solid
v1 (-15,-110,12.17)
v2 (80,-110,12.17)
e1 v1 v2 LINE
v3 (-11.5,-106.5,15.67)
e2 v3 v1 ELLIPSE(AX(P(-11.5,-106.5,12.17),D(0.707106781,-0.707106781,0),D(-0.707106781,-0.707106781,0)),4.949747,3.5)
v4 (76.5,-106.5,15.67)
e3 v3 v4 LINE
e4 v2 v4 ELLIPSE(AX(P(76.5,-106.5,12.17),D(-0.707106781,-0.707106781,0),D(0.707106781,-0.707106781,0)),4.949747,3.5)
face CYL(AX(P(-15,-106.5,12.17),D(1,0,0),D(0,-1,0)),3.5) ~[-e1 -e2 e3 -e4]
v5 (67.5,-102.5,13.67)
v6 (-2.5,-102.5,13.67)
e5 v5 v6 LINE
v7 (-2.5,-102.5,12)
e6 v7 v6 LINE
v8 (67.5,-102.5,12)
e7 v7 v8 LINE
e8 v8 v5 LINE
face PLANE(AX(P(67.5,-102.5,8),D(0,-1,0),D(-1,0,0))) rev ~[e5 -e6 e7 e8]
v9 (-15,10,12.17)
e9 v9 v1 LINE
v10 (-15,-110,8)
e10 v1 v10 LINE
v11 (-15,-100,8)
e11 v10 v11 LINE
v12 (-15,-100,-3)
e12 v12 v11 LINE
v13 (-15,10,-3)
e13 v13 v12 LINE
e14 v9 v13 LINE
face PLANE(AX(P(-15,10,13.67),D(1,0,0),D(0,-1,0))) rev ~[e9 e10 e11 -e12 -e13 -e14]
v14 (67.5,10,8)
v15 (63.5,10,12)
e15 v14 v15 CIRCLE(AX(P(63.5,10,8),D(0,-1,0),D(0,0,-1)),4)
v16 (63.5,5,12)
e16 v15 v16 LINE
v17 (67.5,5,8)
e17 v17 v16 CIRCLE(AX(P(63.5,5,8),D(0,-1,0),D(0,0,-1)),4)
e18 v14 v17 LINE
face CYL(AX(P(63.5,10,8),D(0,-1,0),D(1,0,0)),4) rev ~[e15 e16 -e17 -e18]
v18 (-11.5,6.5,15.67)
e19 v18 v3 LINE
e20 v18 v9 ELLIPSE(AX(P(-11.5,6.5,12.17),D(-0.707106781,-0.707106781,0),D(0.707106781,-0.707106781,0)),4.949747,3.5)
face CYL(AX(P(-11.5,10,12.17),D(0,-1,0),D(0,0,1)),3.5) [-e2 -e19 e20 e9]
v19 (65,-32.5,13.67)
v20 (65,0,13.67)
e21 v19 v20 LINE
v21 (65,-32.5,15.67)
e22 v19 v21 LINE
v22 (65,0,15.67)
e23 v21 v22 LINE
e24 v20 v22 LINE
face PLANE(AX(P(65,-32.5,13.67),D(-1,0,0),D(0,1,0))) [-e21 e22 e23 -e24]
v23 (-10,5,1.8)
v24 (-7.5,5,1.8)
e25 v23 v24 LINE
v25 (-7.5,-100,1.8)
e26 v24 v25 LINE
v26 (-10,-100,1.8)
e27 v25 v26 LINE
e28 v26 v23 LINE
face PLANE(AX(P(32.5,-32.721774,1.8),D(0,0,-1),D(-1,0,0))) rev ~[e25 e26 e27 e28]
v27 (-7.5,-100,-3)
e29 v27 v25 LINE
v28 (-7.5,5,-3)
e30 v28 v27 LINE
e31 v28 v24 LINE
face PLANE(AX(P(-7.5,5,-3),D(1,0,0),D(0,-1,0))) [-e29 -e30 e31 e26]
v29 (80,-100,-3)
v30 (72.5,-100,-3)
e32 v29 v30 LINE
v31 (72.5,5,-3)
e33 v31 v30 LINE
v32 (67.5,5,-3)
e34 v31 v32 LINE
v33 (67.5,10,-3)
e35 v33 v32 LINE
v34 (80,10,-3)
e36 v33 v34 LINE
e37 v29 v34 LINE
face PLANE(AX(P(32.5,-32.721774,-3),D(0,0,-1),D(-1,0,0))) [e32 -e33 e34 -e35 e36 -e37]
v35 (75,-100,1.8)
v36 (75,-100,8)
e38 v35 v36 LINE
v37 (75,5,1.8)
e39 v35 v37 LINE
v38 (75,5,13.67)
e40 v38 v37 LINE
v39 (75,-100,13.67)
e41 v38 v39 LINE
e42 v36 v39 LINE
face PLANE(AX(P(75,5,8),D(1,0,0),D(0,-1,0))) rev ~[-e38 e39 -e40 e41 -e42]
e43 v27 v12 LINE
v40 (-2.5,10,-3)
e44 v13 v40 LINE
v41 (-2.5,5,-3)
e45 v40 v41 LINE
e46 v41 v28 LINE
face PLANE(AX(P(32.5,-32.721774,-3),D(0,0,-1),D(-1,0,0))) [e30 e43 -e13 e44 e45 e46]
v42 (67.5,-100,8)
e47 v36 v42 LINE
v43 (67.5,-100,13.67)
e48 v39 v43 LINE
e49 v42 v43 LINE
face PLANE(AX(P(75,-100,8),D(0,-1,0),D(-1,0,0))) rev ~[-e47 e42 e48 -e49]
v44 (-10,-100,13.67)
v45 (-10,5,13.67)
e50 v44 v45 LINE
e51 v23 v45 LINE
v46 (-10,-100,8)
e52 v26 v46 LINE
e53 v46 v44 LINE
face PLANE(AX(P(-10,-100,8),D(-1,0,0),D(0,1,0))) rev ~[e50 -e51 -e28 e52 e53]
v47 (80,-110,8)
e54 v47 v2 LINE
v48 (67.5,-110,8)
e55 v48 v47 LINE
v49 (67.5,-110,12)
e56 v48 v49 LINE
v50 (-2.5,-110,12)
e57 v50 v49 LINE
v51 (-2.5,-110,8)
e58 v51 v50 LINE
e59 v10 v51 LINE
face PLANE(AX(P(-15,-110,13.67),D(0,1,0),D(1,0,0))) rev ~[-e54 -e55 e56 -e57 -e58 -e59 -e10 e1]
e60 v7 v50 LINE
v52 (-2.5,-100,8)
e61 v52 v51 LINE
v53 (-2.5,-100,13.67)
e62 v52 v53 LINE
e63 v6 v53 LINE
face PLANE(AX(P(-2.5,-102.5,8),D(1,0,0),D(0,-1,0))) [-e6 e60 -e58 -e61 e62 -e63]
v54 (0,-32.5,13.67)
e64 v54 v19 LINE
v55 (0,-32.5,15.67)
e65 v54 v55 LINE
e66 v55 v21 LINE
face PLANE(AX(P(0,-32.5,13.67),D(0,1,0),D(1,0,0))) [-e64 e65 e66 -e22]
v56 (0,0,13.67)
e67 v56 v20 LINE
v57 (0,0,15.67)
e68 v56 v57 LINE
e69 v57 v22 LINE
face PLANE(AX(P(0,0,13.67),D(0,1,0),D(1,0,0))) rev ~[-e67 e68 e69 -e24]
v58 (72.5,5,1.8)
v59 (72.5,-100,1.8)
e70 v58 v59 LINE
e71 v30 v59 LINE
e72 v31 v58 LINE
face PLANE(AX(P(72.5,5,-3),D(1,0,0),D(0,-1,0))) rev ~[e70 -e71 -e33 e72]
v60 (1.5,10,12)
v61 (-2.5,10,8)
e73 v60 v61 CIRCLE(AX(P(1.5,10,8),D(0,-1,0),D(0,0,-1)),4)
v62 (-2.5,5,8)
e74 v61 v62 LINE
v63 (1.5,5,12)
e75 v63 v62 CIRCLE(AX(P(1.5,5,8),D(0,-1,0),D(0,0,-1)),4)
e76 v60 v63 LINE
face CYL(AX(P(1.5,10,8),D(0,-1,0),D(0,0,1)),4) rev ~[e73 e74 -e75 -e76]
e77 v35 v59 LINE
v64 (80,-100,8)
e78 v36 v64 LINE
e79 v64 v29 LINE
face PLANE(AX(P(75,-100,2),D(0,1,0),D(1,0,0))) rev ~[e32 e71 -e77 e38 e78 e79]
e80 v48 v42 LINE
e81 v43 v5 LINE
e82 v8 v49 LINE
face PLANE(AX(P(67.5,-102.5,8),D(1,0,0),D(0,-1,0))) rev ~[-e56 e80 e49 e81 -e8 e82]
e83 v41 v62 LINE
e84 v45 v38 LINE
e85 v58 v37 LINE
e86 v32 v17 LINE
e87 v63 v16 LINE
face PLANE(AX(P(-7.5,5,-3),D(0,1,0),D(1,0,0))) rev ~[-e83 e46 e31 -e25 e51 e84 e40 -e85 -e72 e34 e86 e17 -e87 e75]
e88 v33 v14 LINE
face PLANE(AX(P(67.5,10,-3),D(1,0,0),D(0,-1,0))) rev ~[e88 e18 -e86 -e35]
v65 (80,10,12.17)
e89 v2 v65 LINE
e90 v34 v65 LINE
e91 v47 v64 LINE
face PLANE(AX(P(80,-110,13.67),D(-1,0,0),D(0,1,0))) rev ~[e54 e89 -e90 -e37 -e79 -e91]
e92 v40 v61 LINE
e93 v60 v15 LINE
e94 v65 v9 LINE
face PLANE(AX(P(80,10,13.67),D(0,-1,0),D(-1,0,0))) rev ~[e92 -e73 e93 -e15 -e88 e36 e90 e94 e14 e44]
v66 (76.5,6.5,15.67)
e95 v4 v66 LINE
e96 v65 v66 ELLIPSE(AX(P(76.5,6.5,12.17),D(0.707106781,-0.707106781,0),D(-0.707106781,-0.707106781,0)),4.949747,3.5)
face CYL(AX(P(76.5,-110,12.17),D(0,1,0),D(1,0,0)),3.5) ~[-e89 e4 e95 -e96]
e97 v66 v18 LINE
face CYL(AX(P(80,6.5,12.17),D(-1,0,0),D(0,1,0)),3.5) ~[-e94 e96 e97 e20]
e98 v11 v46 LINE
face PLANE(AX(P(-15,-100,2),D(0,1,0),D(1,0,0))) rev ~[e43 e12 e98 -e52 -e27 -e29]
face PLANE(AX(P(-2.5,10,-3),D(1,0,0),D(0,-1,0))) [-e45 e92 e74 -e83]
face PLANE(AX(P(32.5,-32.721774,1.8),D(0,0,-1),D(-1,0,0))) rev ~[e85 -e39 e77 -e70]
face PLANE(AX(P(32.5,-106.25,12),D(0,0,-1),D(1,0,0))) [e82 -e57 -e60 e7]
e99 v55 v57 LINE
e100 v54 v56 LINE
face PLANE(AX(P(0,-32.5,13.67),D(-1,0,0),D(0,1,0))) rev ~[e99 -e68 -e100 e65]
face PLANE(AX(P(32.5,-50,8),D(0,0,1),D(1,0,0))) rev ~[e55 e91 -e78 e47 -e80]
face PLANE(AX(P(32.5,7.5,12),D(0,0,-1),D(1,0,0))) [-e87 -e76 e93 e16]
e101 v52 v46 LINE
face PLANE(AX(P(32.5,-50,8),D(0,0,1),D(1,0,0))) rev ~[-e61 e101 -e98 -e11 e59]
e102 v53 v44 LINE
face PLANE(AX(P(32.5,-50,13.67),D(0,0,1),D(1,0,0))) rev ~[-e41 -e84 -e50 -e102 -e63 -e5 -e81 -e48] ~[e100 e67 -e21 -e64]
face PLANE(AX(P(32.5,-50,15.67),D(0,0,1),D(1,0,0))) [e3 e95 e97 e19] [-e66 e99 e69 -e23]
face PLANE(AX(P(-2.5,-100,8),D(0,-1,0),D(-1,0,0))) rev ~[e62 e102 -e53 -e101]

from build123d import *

# Parameters (mm, degrees)
PAD008_DEPTH    = 4.8
SKETCH012_W     = 5
SKETCH012_H     = 110
SKETCH012_H_2   = 105
SKETCH012_W_2   = 90
SKETCH012_H_3   = 5
PAD009_DEPTH    = 0.2
PAD010_DEPTH    = 6
SKETCH024_W     = 95
SKETCH024_H     = 120
PAD021_DEPTH    = 5.67
SKETCH025_W     = 65
SKETCH025_H     = 32.5
PAD022_DEPTH    = 2
FILLET004_R     = 3.5
SKETCH029_W     = 1.25
SKETCH029_H     = 105
POCKET006_DEPTH = 5
SKETCH030_W     = 70
SKETCH030_H     = 5
POCKET007_DEPTH = 15
FILLET006_R     = 4
SKETCH032_W     = 70
SKETCH032_H     = 7.5
POCKET008_DEPTH = 4


with BuildPart() as part:
    # Sketch011 → Pad008 (new body)
    with BuildSketch(Plane.XY):
        Polygon((0, 0), (95, 0), (95, -5), (95, -110), (86.25, -110), (86.25, -5), (8.75, -5), (8.75, -110), (0, -110), (0, -5), align=None)
    extrude(amount=PAD008_DEPTH)

    # Sketch012 (on Face12 of Pad008) → Pad009 (join)
    with BuildSketch(Plane.XY.offset(4.8)):
        with Locations((2.5, -55)):
            Rectangle(SKETCH012_W, SKETCH012_H)
        with Locations((92.5, -57.5)):
            Rectangle(SKETCH012_W, SKETCH012_H_2)
        with Locations((50, -2.5)):
            Rectangle(SKETCH012_W_2, SKETCH012_H_3)
    extrude(amount=PAD009_DEPTH)

    # Pad009 Face16 → Pad010 (add)
    with BuildSketch(Plane(origin=(47.5, -40.368852, 5), x_dir=(0, 1, 0), z_dir=(0, 0, 1))):
        Polygon((40.368852, 42.5), (40.368852, 47.5), (-69.631148, 47.5), (-69.631148, 42.5), (35.368852, 42.5), (35.368852, -42.5), (-69.631148, -42.5), (-69.631148, -47.5), (35.368852, -47.5), (40.368852, -47.5), align=None)
    extrude(amount=PAD010_DEPTH)

    # Sketch024 (on Face27 of Pad010) → Pad021 (join)
    with BuildSketch(Plane.XY.offset(11)):
        with Locations((47.5, -60)):
            Rectangle(SKETCH024_W, SKETCH024_H)
        Polygon((5, -5), (90, -5), (90, -110), (82.5, -110), (82.5, -112.5), (12.5, -112.5), (12.5, -110), (5, -110), align=None, mode=Mode.SUBTRACT)
    extrude(amount=PAD021_DEPTH)

    # Sketch025 (on Face37 of Pad021) → Pad022 (join)
    with BuildSketch(Plane.XY.offset(16.67)):
        Polygon((0, -120), (95, -120), (95, -42.5), (95, -10), (95, 0), (15, 0), (0, 0), (0, -42.5), align=None)
        with Locations((47.5, -26.25)):
            Rectangle(SKETCH025_W, SKETCH025_H, mode=Mode.SUBTRACT)
    extrude(amount=PAD022_DEPTH)

    # Fillet004
    fillet004_edges = [part.edges().sort_by_distance(p)[0] for p in [
        (0, -81.25, 18.67),
        (47.5, -120, 18.67),
        (55, 0, 18.67),
        (95, -81.25, 18.67),
    ]]
    fillet(fillet004_edges, radius=FILLET004_R)

    # Sketch029 (on Face48 of Fillet004) → Pocket006 (cut)
    with BuildSketch(Plane(origin=(0, 0, 0), x_dir=(1, 0, 0), z_dir=(0, 0, -1))):
        with Locations((8.125, 57.5)):
            Rectangle(SKETCH029_W, SKETCH029_H)
        with Locations((86.875, 57.5)):
            Rectangle(SKETCH029_W, SKETCH029_H)
    extrude(amount=-POCKET006_DEPTH, mode=Mode.SUBTRACT)

    # Sketch030 (on Face48 of Pocket006) → Pocket007 (cut)
    with BuildSketch(Plane(origin=(0, 0, 0), x_dir=(1, 0, 0), z_dir=(0, 0, -1))):
        with Locations((47.5, 2.5)):
            Rectangle(SKETCH030_W, SKETCH030_H)
    extrude(amount=-POCKET007_DEPTH, mode=Mode.SUBTRACT)

    # Fillet006
    fillet006_edges = [part.edges().sort_by_distance(p)[0] for p in [
        (12.5, -2.5, 15),
        (82.5, -2.5, 15),
    ]]
    fillet(fillet006_edges, radius=FILLET006_R)

    # Sketch032 (on Face20 of Fillet006) → Pocket008 (cut)
    with BuildSketch(Plane(origin=(0, 0, 11), x_dir=(1, 0, 0), z_dir=(0, 0, -1))):
        with Locations((47.5, 116.25)):
            Rectangle(SKETCH032_W, SKETCH032_H)
    extrude(amount=-POCKET008_DEPTH, mode=Mode.SUBTRACT)


with BuildPart() as part_1:
    # Body001 placement: moved
    add(part.part.moved(Location((-15, 10, -3))))


solid = part_1.part
